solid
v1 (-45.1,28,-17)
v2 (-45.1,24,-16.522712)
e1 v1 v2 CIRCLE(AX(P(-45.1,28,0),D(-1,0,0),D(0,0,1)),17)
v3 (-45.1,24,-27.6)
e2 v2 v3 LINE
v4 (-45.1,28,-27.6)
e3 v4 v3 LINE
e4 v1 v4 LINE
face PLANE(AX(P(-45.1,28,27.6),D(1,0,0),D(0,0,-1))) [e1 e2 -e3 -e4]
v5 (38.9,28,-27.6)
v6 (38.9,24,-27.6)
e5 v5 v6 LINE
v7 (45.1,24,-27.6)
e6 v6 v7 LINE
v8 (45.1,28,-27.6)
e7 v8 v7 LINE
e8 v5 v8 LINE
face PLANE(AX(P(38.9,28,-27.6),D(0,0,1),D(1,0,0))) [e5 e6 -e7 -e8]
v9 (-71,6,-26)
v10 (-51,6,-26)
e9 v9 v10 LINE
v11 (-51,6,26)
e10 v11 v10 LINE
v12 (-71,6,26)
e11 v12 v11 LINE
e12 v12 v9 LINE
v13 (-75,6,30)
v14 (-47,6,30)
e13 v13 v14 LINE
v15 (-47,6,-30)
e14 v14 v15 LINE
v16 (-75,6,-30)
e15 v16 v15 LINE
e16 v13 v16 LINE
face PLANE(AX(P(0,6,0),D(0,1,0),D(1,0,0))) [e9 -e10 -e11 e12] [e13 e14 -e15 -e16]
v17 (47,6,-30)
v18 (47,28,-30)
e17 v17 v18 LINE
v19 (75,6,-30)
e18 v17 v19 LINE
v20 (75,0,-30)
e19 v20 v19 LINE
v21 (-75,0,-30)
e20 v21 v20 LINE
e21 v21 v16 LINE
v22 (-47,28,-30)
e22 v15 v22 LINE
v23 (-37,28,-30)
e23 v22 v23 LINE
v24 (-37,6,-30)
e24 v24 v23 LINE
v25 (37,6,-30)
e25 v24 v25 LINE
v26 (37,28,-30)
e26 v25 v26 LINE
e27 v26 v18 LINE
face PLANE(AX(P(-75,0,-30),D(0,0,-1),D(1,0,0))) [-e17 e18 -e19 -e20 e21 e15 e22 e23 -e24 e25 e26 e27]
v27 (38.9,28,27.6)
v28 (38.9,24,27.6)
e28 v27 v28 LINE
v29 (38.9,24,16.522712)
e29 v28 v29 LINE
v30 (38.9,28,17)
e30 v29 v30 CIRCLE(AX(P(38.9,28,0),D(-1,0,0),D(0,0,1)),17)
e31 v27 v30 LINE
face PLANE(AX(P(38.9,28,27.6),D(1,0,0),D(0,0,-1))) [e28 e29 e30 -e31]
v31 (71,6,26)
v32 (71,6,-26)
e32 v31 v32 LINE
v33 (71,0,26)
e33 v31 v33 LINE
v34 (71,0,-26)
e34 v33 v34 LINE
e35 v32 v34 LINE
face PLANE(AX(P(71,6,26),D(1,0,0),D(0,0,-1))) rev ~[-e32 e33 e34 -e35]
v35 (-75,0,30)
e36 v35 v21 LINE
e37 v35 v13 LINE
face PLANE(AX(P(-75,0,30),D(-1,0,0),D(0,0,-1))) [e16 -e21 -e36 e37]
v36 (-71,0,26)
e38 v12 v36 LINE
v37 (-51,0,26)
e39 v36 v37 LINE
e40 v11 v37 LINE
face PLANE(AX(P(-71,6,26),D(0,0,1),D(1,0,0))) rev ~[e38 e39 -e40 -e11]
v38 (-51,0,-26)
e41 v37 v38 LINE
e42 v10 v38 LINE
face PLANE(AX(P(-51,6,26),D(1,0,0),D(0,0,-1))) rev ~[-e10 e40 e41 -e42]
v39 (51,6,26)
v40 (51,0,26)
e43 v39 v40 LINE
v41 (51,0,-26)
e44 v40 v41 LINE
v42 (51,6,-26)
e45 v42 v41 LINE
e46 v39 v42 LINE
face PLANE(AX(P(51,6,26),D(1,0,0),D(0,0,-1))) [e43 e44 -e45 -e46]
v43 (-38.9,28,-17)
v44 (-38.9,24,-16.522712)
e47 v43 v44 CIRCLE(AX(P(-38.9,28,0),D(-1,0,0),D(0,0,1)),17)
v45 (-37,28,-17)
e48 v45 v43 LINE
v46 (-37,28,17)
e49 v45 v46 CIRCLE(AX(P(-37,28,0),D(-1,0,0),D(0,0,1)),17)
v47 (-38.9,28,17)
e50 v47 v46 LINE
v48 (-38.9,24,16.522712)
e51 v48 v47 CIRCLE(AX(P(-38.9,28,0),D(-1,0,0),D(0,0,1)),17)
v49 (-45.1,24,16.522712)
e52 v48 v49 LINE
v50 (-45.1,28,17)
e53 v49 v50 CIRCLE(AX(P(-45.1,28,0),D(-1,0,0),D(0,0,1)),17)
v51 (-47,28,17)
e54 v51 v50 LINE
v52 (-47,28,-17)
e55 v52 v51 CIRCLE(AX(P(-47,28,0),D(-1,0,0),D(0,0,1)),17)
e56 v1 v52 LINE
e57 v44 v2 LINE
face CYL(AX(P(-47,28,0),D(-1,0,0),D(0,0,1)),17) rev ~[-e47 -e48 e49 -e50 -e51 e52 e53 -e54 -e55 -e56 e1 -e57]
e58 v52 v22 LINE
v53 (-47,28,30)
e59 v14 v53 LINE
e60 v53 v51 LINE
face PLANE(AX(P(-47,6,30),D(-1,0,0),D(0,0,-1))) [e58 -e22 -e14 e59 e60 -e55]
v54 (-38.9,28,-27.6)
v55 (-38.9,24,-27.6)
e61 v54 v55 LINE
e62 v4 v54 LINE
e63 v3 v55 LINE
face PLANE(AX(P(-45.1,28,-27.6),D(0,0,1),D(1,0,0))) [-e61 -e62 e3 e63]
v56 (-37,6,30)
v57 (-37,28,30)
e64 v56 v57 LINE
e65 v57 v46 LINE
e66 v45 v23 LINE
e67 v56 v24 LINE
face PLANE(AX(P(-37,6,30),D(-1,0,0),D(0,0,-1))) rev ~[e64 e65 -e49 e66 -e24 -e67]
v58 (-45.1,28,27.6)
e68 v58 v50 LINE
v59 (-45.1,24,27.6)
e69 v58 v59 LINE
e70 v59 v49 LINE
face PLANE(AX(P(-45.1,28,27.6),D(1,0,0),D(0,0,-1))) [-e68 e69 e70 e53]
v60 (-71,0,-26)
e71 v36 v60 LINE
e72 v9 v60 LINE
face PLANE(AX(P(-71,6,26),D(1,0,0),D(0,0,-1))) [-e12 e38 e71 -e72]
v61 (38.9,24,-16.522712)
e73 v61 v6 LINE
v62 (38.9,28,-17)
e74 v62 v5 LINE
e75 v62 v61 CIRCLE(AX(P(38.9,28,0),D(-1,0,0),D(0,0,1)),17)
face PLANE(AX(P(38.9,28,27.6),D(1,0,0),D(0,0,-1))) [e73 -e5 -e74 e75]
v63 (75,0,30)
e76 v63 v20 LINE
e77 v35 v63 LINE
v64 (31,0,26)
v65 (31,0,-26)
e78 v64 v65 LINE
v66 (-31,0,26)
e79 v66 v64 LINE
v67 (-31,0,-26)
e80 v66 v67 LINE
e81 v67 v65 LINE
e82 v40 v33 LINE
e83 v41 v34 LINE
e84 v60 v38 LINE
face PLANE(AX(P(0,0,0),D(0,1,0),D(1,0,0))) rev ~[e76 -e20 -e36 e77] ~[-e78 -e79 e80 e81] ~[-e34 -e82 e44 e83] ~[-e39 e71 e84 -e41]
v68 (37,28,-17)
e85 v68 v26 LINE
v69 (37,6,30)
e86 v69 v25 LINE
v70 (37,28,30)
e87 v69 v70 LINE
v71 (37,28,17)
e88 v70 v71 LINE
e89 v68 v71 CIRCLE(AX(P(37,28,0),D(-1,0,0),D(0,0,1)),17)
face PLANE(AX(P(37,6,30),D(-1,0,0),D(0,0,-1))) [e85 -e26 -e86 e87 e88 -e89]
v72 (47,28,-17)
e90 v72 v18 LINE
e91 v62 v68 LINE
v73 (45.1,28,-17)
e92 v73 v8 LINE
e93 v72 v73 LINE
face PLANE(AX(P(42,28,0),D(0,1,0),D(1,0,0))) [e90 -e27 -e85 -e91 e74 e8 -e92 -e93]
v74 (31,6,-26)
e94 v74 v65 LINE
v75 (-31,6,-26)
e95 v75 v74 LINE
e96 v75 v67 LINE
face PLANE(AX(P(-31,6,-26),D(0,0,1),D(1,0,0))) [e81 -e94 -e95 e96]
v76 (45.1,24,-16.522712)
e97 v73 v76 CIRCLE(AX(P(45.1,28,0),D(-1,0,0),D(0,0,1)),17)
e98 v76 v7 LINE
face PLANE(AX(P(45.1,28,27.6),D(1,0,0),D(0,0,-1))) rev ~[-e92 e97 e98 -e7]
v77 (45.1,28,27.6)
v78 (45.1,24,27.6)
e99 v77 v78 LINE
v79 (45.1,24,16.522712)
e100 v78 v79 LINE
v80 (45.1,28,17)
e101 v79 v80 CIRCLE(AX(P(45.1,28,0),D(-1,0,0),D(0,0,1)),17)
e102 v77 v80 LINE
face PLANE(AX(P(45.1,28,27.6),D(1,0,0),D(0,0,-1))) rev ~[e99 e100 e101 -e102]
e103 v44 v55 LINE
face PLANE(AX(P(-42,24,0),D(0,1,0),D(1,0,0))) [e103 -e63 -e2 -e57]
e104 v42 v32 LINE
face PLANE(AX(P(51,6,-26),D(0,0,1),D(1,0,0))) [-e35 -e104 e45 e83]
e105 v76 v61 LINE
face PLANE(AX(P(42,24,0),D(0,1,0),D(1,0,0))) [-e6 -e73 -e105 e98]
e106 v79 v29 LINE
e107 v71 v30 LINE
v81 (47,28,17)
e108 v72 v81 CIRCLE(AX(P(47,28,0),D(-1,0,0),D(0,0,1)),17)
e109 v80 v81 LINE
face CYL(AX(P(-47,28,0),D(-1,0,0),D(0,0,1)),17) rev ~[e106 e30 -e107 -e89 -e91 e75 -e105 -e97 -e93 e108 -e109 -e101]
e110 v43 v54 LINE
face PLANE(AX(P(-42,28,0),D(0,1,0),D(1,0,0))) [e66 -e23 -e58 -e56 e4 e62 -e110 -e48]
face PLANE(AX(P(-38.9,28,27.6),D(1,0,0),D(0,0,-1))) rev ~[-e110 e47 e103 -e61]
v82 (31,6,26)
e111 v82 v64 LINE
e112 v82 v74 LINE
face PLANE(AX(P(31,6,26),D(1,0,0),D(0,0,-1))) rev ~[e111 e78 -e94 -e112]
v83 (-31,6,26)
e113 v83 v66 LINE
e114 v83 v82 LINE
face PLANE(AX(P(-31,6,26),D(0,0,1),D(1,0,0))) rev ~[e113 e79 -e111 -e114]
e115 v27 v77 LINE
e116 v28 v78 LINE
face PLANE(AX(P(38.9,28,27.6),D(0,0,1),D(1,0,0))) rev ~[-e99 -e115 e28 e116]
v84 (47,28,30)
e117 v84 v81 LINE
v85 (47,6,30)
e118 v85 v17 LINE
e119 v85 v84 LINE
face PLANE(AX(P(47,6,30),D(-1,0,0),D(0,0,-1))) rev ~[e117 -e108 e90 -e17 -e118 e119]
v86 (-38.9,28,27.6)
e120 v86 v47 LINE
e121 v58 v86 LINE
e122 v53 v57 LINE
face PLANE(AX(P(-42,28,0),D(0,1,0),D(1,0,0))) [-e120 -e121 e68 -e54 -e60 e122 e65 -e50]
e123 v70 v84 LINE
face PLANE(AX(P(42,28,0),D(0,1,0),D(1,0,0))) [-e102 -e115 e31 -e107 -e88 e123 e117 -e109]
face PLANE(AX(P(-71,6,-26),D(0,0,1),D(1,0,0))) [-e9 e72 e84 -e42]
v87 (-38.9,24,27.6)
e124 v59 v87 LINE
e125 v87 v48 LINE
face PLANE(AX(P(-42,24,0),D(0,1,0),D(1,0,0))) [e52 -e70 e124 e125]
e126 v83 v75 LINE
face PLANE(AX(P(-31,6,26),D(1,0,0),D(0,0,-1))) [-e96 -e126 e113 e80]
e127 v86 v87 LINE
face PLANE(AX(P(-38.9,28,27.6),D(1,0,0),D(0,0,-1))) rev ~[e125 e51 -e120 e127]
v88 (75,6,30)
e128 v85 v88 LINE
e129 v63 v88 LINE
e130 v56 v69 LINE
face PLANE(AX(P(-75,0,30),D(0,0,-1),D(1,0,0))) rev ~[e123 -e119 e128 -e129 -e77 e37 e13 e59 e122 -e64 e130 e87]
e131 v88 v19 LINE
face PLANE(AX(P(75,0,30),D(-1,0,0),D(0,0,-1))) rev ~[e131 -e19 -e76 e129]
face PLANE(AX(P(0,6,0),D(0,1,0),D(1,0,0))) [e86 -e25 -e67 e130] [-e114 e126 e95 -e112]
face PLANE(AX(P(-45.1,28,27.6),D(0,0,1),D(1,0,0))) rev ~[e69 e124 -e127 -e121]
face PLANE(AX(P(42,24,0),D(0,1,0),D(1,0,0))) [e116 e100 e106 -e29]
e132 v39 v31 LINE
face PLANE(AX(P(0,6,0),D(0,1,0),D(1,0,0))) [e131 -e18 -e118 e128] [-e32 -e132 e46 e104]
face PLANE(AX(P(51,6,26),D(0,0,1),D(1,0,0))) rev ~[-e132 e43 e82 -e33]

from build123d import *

# Parameters (mm, degrees)
SKETCH_1_W          = 150
SKETCH_1_H          = 60
EXTRUDE_1_DEPTH     = 6
SKETCH_2_W          = 10
SKETCH_2_H          = 60
EXTRUDE_2_DEPTH     = 22
SKETCH_3_W          = 6.2
SKETCH_3_H          = 55.2
CUT_EXTRUDE_1_DEPTH = 4
SKETCH_4_R          = 17
CUT_EXTRUDE_2_DEPTH = 129.716743278
SKETCH_5_W          = 20
SKETCH_5_H          = 52
SKETCH_5_W_2        = 62
CUT_EXTRUDE_3_DEPTH = 84.719770664


with BuildPart() as part:
    # 草图1 → 凸台-拉伸1 (new body)
    with BuildSketch(Plane(origin=(0, 0, 0), x_dir=(1, 0, 0), z_dir=(0, 1, 0))):
        Rectangle(SKETCH_1_W, SKETCH_1_H)
    extrude(amount=EXTRUDE_1_DEPTH)

    # 草图2 → 凸台-拉伸2 (add)
    with BuildSketch(Plane(origin=(0, 6, 0), x_dir=(1, 0, 0), z_dir=(0, 1, 0))):
        with Locations((-42, 0)):
            Rectangle(SKETCH_2_W, SKETCH_2_H)
        with Locations((42, 0)):
            Rectangle(SKETCH_2_W, SKETCH_2_H)
    extrude(amount=EXTRUDE_2_DEPTH)

    # 草图3 → 切除-拉伸1 (cut)
    with BuildSketch(Plane(origin=(0, 28, 0), x_dir=(1, 0, 0), z_dir=(0, 1, 0))):
        with Locations((-42, 0)):
            Rectangle(SKETCH_3_W, SKETCH_3_H)
        with Locations((42, 0)):
            Rectangle(SKETCH_3_W, SKETCH_3_H)
    extrude(amount=-CUT_EXTRUDE_1_DEPTH, mode=Mode.SUBTRACT)

    # 草图4 → 切除-拉伸2 (cut, through all)
    with BuildSketch(Plane.ZY.offset(47)):
        with Locations((0, 28)):
            Circle(SKETCH_4_R)
    extrude(amount=-CUT_EXTRUDE_2_DEPTH, mode=Mode.SUBTRACT)

    # 草图5 → 切除-拉伸3 (cut, through all)
    with BuildSketch(Plane(origin=(0, 6, 0), x_dir=(1, 0, 0), z_dir=(0, 1, 0))):
        with Locations((-61, 0)):
            Rectangle(SKETCH_5_W, SKETCH_5_H)
        with Locations((61, 0)):
            Rectangle(SKETCH_5_W, SKETCH_5_H)
        Rectangle(SKETCH_5_W_2, SKETCH_5_H)
    extrude(amount=-CUT_EXTRUDE_3_DEPTH, mode=Mode.SUBTRACT)


solid = part.part
